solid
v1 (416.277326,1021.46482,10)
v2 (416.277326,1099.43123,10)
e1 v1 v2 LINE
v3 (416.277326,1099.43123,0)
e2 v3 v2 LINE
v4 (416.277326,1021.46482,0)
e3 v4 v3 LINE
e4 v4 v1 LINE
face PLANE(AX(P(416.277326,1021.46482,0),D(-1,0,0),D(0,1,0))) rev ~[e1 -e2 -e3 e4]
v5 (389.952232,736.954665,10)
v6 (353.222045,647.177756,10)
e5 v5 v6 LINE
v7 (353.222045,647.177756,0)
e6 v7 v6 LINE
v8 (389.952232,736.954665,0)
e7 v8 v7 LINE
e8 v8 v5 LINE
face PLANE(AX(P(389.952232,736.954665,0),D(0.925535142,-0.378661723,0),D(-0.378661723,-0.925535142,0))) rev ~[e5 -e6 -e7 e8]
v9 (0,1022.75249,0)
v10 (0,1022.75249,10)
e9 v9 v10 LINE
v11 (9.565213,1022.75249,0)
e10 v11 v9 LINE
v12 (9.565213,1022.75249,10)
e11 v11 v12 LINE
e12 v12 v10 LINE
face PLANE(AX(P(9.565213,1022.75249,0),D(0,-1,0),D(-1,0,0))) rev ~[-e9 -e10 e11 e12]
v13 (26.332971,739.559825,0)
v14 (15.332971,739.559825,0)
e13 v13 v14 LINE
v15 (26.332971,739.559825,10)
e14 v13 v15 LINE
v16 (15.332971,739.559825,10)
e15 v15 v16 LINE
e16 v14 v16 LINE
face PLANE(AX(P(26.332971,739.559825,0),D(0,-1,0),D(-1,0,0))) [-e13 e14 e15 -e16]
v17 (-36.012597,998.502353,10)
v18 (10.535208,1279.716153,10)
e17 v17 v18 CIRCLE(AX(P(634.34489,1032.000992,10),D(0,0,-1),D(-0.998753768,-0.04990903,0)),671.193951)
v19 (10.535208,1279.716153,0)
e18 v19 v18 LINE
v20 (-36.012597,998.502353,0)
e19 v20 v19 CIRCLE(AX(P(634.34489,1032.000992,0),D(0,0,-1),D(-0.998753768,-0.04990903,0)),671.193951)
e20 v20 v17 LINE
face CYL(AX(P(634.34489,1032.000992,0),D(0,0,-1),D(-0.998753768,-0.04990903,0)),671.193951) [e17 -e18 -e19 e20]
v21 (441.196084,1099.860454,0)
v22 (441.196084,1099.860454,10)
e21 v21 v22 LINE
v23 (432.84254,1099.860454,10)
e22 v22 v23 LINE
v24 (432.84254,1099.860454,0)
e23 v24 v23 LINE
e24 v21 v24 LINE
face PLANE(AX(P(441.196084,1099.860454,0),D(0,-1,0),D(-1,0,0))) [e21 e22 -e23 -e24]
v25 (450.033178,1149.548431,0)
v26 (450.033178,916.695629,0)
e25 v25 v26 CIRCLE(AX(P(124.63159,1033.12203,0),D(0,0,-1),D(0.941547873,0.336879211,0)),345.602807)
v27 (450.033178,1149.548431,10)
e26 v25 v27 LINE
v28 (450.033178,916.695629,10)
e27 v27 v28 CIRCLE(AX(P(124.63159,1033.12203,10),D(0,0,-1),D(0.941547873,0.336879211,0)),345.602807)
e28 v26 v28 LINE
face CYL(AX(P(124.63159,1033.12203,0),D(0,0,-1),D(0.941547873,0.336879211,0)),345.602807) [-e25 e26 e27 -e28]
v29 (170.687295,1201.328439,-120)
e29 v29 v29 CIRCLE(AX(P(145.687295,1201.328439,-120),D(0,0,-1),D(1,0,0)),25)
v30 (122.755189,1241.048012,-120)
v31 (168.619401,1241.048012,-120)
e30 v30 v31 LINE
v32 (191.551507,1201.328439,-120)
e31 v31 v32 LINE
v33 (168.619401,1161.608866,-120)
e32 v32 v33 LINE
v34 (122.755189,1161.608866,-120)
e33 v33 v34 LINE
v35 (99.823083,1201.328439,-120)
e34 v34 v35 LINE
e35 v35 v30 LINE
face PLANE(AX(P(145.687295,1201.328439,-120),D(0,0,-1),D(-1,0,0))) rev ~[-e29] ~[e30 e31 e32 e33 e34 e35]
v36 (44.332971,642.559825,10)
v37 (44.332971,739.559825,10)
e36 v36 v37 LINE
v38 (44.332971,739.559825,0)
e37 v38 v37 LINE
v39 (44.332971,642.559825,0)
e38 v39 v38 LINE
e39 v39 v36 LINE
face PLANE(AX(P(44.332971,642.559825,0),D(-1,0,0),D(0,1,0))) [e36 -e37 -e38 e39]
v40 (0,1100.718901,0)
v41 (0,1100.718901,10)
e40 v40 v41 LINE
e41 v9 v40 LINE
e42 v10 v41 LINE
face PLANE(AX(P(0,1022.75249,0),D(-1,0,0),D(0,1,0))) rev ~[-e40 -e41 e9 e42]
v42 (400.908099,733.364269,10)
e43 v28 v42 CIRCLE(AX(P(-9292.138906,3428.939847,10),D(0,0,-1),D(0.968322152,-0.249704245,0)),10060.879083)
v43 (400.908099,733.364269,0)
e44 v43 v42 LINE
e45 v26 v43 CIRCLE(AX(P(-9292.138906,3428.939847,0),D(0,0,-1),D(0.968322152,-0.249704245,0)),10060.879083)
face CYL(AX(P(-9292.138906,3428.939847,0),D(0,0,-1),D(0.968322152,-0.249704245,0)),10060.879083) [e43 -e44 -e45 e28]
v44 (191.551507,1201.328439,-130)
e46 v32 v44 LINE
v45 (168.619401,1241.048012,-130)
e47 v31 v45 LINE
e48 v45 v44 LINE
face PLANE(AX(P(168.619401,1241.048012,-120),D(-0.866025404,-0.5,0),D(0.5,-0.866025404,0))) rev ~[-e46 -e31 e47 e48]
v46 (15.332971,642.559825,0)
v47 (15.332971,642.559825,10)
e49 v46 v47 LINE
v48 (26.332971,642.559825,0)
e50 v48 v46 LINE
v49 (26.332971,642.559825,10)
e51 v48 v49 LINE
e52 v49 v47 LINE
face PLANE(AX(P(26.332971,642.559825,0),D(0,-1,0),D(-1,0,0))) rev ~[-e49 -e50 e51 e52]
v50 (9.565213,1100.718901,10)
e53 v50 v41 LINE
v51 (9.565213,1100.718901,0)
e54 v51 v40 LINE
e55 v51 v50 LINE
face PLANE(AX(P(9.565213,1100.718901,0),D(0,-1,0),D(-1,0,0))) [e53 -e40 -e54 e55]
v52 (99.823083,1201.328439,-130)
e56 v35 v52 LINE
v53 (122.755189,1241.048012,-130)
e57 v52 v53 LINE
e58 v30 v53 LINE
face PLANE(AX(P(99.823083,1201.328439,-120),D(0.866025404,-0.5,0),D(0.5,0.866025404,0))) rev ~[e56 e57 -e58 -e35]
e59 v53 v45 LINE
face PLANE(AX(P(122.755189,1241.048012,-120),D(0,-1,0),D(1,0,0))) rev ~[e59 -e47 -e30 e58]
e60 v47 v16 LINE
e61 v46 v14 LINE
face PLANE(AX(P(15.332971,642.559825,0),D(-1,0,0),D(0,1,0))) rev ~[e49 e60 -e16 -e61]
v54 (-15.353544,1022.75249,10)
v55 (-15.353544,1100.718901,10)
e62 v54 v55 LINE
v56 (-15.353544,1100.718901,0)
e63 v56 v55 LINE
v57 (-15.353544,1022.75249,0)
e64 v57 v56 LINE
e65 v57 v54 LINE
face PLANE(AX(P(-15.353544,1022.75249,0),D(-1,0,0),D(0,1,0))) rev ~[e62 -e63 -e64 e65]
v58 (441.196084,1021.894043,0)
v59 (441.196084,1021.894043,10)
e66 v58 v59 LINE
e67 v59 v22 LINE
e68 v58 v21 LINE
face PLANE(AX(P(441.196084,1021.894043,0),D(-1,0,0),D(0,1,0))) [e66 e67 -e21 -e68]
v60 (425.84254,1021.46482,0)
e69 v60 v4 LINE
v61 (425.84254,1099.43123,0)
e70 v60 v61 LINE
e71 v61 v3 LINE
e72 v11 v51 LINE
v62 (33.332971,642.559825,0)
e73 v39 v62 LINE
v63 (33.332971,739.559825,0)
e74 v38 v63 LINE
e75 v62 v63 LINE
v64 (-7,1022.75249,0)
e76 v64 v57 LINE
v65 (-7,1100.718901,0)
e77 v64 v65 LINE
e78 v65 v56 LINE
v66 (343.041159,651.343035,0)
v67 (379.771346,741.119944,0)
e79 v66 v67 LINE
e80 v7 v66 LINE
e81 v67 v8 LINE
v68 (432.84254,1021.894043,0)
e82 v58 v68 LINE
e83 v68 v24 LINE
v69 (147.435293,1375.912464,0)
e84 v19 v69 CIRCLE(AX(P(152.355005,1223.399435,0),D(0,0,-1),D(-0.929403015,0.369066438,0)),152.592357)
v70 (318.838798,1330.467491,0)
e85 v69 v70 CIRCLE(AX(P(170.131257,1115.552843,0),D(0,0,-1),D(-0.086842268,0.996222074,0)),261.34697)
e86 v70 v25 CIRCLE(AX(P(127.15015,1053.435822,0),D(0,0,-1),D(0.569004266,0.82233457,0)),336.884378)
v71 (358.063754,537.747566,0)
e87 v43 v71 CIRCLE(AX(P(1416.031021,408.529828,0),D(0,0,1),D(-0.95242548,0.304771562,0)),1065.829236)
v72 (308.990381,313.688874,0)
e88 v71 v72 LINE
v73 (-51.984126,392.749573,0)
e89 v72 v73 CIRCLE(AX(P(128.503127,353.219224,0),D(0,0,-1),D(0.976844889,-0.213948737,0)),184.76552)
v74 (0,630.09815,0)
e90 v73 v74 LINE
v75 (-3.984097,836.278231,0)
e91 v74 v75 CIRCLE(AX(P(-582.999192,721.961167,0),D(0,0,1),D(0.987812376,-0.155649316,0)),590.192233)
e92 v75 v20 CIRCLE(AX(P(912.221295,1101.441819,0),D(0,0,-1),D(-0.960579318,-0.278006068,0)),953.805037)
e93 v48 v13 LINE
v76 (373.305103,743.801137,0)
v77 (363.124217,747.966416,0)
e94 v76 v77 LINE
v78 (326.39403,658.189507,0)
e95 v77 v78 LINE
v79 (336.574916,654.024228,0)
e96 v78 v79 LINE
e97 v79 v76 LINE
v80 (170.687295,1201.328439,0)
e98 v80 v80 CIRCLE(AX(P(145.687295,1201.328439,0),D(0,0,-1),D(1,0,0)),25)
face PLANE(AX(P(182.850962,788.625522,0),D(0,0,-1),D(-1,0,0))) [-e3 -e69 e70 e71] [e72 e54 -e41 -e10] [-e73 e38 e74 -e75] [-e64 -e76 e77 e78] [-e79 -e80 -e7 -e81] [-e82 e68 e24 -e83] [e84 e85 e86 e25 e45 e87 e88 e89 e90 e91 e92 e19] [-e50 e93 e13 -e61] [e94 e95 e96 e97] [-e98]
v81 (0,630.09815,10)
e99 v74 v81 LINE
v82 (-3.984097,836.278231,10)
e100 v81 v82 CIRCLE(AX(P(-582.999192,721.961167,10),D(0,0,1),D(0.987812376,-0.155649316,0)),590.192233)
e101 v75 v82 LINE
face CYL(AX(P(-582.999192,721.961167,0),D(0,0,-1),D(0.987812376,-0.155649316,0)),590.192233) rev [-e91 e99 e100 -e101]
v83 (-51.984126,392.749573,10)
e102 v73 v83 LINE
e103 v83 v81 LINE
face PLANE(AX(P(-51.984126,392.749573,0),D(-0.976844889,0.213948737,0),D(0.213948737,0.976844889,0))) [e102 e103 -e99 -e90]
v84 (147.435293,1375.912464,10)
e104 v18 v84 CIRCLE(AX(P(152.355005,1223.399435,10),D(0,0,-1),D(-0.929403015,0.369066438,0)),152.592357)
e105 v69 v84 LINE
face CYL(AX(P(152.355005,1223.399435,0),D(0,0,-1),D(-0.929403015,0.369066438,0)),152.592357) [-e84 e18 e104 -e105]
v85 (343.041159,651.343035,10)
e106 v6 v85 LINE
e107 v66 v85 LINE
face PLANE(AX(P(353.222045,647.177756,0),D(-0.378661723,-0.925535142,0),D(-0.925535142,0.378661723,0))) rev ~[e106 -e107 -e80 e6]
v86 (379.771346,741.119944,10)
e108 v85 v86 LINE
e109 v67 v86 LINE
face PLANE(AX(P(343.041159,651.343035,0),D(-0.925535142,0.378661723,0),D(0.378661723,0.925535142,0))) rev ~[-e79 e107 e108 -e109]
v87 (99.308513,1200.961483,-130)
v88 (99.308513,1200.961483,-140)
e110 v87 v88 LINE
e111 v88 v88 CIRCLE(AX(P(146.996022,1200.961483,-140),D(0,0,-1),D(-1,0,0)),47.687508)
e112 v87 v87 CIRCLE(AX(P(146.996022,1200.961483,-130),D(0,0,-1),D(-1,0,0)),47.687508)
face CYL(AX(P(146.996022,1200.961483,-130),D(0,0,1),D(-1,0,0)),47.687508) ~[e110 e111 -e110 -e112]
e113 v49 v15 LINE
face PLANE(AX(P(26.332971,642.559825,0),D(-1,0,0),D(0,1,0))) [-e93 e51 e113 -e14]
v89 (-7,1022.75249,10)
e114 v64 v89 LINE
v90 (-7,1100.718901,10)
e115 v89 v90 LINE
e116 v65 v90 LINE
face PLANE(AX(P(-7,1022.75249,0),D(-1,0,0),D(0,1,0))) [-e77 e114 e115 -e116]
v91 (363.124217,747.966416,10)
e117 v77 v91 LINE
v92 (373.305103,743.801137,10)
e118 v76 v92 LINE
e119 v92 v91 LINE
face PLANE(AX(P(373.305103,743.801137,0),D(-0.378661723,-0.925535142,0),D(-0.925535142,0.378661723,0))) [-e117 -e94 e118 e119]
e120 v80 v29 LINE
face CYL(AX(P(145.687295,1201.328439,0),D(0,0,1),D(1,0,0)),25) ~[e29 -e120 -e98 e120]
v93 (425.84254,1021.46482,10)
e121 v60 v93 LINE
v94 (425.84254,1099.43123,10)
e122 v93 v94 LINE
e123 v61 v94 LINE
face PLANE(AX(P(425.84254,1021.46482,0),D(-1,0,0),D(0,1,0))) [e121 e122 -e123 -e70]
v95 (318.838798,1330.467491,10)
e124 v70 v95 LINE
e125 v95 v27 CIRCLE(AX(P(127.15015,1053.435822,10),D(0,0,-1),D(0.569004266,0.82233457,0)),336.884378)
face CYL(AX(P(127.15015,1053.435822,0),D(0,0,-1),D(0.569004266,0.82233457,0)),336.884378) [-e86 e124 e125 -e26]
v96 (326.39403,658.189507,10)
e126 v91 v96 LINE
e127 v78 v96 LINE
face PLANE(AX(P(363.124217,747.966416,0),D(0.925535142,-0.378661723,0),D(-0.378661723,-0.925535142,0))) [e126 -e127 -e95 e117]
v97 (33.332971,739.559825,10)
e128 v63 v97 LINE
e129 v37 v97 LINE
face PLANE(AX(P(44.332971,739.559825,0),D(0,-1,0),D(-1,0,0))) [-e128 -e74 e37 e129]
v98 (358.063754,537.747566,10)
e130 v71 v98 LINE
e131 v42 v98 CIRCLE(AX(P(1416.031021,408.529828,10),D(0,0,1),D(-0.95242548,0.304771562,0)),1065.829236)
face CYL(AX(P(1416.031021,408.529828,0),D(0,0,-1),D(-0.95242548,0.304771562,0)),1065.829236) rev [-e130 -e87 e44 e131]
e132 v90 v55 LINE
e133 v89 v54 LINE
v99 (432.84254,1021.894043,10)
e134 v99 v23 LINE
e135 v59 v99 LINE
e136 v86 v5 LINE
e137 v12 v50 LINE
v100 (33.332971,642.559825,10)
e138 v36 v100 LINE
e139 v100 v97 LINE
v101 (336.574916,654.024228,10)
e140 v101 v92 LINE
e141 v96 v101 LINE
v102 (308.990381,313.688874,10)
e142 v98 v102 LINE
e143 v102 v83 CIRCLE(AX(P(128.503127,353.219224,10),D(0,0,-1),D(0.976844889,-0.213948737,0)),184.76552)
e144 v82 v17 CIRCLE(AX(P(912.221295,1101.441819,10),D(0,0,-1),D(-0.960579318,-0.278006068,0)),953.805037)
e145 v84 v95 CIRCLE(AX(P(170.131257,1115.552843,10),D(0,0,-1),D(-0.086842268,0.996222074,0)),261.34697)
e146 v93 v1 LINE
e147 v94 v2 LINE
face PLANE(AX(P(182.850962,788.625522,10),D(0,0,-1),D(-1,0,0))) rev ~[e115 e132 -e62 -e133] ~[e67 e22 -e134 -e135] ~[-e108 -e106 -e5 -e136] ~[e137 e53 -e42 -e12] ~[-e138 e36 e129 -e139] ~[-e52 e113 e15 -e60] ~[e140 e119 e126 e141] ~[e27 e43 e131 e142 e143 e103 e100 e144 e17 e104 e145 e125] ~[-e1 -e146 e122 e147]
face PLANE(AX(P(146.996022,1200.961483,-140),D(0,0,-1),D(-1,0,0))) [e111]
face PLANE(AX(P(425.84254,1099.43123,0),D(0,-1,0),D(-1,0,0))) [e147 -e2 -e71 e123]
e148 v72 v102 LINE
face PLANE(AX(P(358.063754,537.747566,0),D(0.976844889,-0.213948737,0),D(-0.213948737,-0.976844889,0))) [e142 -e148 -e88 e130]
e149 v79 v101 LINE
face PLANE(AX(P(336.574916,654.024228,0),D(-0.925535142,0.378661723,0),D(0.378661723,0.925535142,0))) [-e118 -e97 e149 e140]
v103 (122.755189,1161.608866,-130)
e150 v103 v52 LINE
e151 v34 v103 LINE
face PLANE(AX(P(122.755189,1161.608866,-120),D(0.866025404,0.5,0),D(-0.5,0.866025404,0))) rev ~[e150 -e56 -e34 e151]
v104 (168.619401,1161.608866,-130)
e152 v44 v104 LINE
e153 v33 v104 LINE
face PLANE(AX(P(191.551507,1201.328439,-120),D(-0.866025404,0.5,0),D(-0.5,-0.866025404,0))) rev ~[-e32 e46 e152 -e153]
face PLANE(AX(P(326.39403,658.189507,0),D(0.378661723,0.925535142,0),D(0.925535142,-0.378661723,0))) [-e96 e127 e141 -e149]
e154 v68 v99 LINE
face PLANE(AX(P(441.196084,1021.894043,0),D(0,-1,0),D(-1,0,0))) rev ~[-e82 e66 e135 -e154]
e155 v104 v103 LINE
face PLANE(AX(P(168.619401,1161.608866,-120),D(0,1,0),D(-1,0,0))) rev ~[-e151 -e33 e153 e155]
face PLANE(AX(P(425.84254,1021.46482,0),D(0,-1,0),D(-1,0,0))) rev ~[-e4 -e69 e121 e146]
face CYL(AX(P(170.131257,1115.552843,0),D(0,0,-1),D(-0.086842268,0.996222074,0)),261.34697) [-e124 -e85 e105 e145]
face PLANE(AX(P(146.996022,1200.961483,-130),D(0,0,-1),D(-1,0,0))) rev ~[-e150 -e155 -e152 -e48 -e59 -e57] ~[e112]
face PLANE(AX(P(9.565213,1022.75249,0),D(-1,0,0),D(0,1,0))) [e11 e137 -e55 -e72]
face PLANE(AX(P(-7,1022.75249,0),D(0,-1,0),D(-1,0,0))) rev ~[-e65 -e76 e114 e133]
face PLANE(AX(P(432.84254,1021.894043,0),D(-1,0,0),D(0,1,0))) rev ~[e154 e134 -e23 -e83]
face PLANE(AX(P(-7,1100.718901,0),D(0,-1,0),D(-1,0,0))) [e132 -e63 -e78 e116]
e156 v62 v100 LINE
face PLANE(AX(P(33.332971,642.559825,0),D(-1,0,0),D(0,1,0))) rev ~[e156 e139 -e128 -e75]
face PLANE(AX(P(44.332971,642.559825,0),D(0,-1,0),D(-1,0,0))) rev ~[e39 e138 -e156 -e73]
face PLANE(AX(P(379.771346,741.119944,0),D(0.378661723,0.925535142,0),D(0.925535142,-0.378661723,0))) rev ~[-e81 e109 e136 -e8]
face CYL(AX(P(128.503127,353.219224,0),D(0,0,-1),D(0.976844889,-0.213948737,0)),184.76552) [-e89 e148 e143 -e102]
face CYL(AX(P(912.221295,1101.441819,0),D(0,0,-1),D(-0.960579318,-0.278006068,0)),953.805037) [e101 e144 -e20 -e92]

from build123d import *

# Parameters (mm, degrees)
BOSS_EXTRUDE1_DEPTH = 10
SKETCH3_W           = 9.565213244
SKETCH3_H           = 77.966410476
SKETCH3_W_2         = 8.353543979
SKETCH3_H_2         = 77.966410475
CUT_EXTRUDE1_DEPTH  = 250
SKETCH4_W           = 11
SKETCH4_H           = 97
CUT_EXTRUDE2_DEPTH  = 250
SKETCH5_R           = 25
BOSS_EXTRUDE2_DEPTH = 120
BOSS_EXTRUDE3_DEPTH = 10
SKETCH10_R          = 47.687508242
BOSS_EXTRUDE4_DEPTH = 10


with BuildPart() as part:
    # Sketch1 → Boss-Extrude1 (new body)
    with BuildSketch(Plane.XY):
        with BuildLine():
            Line((-51.984126252, 392.74957316), (0, 630.098149599))
            ThreePointArc((0, 630.098149599), (7.08288491, 733.363548715), (-3.984096645, 836.278231013))
            ThreePointArc((-3.984096645, 836.278231013), (-23.520457502, 916.694909006), (-36.012597338, 998.502353272))
            ThreePointArc((-36.012597338, 998.502353272), (-27.83897086, 1141.608720593), (10.535208392, 1279.716153066))
            ThreePointArc((10.535208392, 1279.716153066), (64.625002116, 1348.250843062), (147.435292888, 1375.912463775))
            ThreePointArc((147.435292888, 1375.912463775), (237.109169245, 1368.171524242), (318.838797646, 1330.467491469))
            ThreePointArc((318.838797646, 1330.467491469), (399.875156257, 1251.203752857), (450.033178317, 1149.548430819))
            ThreePointArc((450.033178317, 1149.548430819), (470.234397487, 1033.122029824), (450.033178317, 916.695628829))
            ThreePointArc((450.033178317, 916.695628829), (425.902967507, 824.914102712), (400.908098576, 733.364268538))
            ThreePointArc((400.908098576, 733.364268538), (374.881556851, 636.564375255), (358.063754215, 537.74756632))
            Line((358.063754215, 537.74756632), (308.99038073, 313.688874225))
            ThreePointArc((308.99038073, 313.688874225), (88.972777771, 172.731970202), (-51.984126252, 392.74957316))
        make_face()
    extrude(amount=BOSS_EXTRUDE1_DEPTH)

    # Sketch3 → Cut-Extrude1 (cut)
    with BuildSketch(Plane(origin=(0, 0, 0), x_dir=(-1, 0, 0), z_dir=(0, 0, -1))):
        with Locations((-4.782606622, 1061.735695438)):
            Rectangle(SKETCH3_W, SKETCH3_H)
        with Locations((11.17677199, 1061.735695438)):
            Rectangle(SKETCH3_W_2, SKETCH3_H)
        with Locations((-437.019311557, 1060.877248381)):
            Rectangle(SKETCH3_W_2, SKETCH3_H_2)
        with Locations((-421.059932945, 1060.448024852)):
            Rectangle(SKETCH3_W, SKETCH3_H_2)
    extrude(amount=-CUT_EXTRUDE1_DEPTH, mode=Mode.SUBTRACT)

    # Sketch4 → Cut-Extrude2 (cut)
    with BuildSketch(Plane(origin=(0, 0, 0), x_dir=(-1, 0, 0), z_dir=(0, 0, -1))):
        with Locations((-38.83297081, 691.059824561)):
            Rectangle(SKETCH4_W, SKETCH4_H)
        with Locations((-20.83297081, 691.059824561)):
            Rectangle(SKETCH4_W, SKETCH4_H)
        Polygon((-363.124216695, 747.966415693), (-326.394029606, 658.189506878), (-336.574916173, 654.024227929), (-373.305103262, 743.801136745), align=None)
        Polygon((-389.952232486, 736.954664741), (-353.222045397, 647.177755926), (-343.041158831, 651.343034874), (-379.77134592, 741.119943689), align=None)
    extrude(amount=-CUT_EXTRUDE2_DEPTH, mode=Mode.SUBTRACT)

    # Sketch5 → Boss-Extrude2 (add)
    with BuildSketch(Plane(origin=(0, 0, 0), x_dir=(-1, 0, 0), z_dir=(0, 0, -1))):
        with Locations(Location((-145.68729474, 1201.328438708, 0), (0, 0, 180))):
            Circle(SKETCH5_R)
    extrude(amount=BOSS_EXTRUDE2_DEPTH)

    # Sketch6 → Boss-Extrude3 (add)
    with BuildSketch(Plane(origin=(0, 0, -120), x_dir=(-1, 0, 0), z_dir=(0, 0, -1))):
        Polygon((-99.823082616, 1201.328438708), (-122.755188678, 1241.048011532), (-168.619400802, 1241.048011532), (-191.551506864, 1201.328438708), (-168.619400802, 1161.608865884), (-122.755188678, 1161.608865884), align=None)
    extrude(amount=BOSS_EXTRUDE3_DEPTH)

    # Sketch10 → Boss-Extrude4 (add)
    with BuildSketch(Plane(origin=(0, 0, -130), x_dir=(-1, 0, 0), z_dir=(0, 0, -1))):
        with Locations((-146.996021508, 1200.961482621)):
            Circle(SKETCH10_R)
    extrude(amount=BOSS_EXTRUDE4_DEPTH)


solid = part.part
